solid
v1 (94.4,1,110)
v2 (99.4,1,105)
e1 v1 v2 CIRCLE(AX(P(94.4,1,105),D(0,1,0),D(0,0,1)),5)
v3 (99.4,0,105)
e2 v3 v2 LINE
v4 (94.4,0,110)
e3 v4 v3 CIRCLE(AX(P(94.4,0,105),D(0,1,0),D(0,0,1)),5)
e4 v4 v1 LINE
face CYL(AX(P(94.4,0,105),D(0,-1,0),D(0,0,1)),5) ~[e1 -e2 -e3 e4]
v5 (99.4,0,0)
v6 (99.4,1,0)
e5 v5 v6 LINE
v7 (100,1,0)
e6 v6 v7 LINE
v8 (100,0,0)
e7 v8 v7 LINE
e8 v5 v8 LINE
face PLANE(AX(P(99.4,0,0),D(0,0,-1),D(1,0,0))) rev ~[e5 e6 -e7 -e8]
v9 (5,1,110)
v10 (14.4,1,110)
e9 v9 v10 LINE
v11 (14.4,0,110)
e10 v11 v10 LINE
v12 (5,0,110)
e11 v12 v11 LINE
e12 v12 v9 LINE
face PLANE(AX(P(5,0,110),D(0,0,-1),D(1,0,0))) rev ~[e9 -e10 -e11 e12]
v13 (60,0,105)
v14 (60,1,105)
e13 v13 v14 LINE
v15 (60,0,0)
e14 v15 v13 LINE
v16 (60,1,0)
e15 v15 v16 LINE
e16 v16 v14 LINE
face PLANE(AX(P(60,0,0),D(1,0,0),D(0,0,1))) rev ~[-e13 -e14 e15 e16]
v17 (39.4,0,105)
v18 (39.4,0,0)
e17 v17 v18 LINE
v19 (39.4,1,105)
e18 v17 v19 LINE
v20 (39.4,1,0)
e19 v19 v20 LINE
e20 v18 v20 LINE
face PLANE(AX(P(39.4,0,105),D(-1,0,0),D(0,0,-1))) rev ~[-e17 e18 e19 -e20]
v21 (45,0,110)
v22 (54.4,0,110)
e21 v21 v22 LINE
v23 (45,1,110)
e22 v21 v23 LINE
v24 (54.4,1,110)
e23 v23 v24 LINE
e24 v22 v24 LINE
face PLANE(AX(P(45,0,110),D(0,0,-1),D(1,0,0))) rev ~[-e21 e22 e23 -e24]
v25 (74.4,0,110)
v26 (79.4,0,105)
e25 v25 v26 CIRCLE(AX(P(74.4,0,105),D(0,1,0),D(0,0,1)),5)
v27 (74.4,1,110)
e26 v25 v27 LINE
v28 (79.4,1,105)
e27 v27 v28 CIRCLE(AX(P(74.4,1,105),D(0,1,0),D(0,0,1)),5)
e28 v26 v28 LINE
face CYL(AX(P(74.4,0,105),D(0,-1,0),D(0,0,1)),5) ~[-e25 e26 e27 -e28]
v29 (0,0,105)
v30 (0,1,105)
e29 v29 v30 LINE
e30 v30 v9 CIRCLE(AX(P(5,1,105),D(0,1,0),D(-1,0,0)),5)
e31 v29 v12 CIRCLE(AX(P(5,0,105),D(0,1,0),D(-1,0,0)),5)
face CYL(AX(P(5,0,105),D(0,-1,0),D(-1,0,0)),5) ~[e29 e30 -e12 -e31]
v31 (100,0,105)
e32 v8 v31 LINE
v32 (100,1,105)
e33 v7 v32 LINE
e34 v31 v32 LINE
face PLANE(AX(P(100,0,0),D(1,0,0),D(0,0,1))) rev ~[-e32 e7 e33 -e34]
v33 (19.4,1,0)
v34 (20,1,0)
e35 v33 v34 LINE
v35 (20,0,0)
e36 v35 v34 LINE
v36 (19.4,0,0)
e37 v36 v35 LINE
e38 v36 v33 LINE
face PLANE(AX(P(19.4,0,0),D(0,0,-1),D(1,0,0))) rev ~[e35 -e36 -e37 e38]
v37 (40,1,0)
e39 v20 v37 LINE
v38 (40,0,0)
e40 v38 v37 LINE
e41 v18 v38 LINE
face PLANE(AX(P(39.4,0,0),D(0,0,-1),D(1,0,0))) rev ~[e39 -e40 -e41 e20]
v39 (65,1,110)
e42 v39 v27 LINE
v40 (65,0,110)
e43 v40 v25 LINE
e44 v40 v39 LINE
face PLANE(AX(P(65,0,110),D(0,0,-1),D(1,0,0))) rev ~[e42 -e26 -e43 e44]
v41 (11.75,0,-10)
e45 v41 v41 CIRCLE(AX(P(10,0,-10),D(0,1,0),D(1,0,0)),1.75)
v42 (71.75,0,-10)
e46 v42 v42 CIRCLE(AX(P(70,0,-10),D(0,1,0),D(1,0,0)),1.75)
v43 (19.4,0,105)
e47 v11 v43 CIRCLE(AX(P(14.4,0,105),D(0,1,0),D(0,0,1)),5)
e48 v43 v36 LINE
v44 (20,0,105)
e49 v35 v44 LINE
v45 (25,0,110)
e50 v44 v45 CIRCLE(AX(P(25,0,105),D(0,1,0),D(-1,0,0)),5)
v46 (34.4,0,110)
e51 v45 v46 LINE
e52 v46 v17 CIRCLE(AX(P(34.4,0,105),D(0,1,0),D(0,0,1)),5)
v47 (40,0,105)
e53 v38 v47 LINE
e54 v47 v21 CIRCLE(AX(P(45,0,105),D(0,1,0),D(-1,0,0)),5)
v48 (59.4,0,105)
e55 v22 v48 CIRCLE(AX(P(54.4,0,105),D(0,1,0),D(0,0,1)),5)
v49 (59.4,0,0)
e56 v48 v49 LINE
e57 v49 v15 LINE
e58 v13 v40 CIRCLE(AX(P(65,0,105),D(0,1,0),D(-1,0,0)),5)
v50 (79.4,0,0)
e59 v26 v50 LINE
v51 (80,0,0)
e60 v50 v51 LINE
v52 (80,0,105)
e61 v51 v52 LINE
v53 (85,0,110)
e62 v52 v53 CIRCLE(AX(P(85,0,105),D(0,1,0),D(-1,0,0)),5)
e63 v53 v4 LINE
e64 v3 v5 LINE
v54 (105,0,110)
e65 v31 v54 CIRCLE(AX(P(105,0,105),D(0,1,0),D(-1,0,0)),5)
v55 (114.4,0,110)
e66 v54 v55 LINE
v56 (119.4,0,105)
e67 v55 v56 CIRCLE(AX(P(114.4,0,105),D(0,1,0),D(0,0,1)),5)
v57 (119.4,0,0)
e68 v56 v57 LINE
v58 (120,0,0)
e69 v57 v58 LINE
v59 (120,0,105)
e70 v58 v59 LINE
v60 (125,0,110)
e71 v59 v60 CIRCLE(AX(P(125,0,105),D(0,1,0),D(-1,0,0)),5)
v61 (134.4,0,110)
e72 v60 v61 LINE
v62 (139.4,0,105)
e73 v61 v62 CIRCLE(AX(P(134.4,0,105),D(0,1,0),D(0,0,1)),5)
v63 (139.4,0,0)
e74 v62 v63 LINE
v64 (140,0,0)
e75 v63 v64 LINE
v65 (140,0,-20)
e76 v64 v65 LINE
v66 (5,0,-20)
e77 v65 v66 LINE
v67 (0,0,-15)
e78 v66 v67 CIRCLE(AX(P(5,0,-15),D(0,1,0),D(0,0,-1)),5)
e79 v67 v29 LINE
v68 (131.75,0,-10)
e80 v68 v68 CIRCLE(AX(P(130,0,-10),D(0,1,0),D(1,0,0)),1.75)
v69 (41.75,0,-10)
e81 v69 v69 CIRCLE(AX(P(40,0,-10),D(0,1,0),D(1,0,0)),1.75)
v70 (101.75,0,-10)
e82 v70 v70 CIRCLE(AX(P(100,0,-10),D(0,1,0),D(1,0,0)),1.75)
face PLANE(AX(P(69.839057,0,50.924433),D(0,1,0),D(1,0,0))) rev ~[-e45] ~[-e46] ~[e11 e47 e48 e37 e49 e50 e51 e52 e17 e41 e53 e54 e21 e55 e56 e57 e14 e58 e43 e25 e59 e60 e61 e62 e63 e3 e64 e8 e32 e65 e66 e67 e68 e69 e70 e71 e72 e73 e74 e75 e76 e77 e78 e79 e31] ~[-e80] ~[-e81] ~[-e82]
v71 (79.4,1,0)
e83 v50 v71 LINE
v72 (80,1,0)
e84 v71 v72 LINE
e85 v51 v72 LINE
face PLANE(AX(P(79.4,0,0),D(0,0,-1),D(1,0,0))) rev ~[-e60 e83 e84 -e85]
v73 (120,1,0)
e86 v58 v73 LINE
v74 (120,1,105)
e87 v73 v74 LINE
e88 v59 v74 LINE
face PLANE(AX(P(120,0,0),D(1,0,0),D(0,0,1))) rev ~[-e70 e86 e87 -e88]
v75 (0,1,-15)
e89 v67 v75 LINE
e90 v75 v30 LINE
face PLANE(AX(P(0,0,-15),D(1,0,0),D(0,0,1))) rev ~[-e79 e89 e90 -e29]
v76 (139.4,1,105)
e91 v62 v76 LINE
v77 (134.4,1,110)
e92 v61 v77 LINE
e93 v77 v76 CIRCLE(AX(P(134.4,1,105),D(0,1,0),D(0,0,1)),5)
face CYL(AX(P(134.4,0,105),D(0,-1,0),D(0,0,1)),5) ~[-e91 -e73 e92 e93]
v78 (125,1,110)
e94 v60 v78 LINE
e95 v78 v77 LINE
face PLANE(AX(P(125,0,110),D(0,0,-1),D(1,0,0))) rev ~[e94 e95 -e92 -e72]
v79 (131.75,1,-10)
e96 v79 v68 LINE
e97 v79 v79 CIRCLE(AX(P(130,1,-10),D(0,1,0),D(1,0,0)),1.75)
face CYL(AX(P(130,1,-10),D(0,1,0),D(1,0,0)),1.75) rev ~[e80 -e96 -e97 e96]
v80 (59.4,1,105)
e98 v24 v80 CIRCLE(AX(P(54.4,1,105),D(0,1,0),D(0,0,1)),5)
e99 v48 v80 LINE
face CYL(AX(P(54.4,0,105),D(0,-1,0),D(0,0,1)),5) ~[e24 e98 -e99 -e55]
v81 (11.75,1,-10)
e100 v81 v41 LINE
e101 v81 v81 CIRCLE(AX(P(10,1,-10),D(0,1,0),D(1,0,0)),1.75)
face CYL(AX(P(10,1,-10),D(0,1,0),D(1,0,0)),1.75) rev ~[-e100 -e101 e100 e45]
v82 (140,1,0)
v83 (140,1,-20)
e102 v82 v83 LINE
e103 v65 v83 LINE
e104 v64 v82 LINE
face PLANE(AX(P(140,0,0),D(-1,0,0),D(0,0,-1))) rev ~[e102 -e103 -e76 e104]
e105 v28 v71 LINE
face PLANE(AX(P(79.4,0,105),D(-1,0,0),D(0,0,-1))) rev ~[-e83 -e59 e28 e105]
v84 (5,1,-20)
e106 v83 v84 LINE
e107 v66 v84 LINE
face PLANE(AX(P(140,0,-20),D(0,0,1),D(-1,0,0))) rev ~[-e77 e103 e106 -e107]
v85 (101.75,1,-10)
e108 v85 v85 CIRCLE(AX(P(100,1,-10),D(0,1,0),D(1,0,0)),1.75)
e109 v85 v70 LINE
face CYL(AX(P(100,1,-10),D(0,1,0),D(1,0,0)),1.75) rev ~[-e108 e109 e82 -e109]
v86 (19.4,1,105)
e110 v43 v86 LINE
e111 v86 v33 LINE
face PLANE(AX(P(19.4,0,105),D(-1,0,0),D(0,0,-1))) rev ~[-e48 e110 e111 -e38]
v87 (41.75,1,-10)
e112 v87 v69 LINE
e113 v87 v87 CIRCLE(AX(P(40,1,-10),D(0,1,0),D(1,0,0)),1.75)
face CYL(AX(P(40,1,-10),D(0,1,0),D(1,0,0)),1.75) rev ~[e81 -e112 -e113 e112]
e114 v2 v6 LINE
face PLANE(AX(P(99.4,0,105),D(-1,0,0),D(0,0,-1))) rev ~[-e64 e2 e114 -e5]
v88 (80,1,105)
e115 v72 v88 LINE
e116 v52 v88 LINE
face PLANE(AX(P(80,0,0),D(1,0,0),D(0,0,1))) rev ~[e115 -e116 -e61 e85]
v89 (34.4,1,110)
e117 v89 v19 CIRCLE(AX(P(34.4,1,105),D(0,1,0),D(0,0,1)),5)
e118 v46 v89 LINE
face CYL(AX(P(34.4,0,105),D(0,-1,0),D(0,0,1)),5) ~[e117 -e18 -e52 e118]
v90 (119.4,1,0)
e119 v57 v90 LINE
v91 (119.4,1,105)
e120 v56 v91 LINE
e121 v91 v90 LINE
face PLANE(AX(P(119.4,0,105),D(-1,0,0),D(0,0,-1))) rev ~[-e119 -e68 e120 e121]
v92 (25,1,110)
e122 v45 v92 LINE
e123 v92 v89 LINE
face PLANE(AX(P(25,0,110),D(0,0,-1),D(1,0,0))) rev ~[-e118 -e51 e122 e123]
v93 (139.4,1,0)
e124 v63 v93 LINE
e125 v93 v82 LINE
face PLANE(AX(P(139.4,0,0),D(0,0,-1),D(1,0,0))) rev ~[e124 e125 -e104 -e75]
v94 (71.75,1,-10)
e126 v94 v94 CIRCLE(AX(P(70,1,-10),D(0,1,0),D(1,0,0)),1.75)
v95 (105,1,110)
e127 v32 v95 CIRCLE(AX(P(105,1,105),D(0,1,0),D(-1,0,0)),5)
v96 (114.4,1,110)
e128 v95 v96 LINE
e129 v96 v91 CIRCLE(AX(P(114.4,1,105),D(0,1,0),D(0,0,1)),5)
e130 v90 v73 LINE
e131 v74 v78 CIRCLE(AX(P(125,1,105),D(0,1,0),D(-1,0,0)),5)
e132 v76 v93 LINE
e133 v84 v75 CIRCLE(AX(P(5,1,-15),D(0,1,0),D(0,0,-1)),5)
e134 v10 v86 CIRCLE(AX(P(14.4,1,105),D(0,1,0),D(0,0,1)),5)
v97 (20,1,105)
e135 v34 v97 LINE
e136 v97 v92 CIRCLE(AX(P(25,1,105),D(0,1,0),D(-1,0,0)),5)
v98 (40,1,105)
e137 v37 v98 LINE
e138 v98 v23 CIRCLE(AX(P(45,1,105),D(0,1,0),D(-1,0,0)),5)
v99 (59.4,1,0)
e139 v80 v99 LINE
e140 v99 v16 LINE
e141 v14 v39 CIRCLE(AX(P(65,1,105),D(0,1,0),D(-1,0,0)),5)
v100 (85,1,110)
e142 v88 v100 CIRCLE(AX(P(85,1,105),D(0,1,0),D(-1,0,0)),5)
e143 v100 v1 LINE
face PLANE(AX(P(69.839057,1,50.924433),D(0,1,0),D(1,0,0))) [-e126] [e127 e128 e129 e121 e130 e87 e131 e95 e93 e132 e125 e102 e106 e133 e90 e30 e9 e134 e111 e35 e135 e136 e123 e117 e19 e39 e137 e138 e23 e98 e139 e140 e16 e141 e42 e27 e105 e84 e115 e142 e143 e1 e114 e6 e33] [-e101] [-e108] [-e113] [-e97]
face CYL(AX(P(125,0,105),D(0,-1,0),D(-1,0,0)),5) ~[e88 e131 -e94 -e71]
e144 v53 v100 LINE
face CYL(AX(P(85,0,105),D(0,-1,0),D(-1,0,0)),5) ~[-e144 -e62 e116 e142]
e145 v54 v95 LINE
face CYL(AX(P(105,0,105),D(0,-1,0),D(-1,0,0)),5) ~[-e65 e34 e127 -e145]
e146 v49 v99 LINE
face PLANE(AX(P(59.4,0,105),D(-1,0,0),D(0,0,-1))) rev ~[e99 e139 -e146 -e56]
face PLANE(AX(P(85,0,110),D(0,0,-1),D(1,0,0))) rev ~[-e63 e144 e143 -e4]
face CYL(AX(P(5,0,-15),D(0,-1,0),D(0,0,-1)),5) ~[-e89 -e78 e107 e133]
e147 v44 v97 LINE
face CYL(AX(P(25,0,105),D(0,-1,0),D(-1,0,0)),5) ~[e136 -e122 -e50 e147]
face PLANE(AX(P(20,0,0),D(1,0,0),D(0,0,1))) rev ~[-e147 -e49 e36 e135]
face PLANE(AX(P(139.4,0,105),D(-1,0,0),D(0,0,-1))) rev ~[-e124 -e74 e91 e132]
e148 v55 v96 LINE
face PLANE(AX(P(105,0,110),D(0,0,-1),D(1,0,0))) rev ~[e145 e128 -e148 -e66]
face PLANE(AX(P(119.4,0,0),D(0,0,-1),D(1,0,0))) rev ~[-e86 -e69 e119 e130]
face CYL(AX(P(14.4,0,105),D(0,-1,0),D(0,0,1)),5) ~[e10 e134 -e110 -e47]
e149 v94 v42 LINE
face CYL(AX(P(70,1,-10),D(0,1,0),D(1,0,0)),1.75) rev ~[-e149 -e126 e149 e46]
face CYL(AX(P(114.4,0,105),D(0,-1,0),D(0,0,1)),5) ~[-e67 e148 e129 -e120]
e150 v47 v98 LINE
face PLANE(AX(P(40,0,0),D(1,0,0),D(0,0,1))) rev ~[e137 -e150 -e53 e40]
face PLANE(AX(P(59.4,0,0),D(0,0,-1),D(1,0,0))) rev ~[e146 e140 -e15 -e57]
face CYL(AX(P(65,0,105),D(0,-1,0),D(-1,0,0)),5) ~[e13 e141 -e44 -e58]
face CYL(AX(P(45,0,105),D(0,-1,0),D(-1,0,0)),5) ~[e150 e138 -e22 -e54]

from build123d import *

# Parameters (mm, degrees)
BOSS_EXTRUDE1_DEPTH = 1
CUT_EXTRUDE1_REACH  = 3
SKETCH2_R           = 1.75


with BuildPart() as part:
    # Sketch1 → Boss-Extrude1 (new body)
    with BuildSketch(Plane(origin=(0, 0, 0), x_dir=(1, 0, 0), z_dir=(0, 1, 0))):
        with BuildLine():
            Line((39.4, -105), (39.4, 0))
            Line((39.4, 0), (40, 0))
            Line((40, 0), (40, -105))
            ThreePointArc((40, -105), (41.464466094, -108.535533906), (45, -110))
            Line((45, -110), (54.4, -110))
            ThreePointArc((54.4, -110), (57.935533906, -108.535533906), (59.4, -105))
            Line((59.4, -105), (59.4, 0))
            Line((59.4, 0), (60, 0))
            Line((60, 0), (60, -105))
            ThreePointArc((60, -105), (61.464466094, -108.535533906), (65, -110))
            Line((65, -110), (74.4, -110))
            ThreePointArc((74.4, -110), (77.935533906, -108.535533906), (79.4, -105))
            Line((79.4, -105), (79.4, 0))
            Line((79.4, 0), (80, 0))
            Line((80, 0), (80, -105))
            ThreePointArc((80, -105), (81.464466094, -108.535533906), (85, -110))
            Line((85, -110), (94.4, -110))
            ThreePointArc((94.4, -110), (97.935533906, -108.535533906), (99.4, -105))
            Line((99.4, -105), (99.4, 0))
            Line((99.4, 0), (100, 0))
            Line((100, 0), (100, -105))
            ThreePointArc((100, -105), (101.464466094, -108.535533906), (105, -110))
            Line((105, -110), (114.4, -110))
            ThreePointArc((114.4, -110), (117.935533906, -108.535533906), (119.4, -105))
            Line((119.4, -105), (119.4, 0))
            Line((119.4, 0), (120, 0))
            Line((120, 0), (120, -105))
            ThreePointArc((120, -105), (121.464466094, -108.535533906), (125, -110))
            Line((125, -110), (134.4, -110))
            ThreePointArc((134.4, -110), (137.935533906, -108.535533906), (139.4, -105))
            Line((139.4, -105), (139.4, 0))
            Line((139.4, 0), (140, 0))
            Line((140, 0), (140, 20))
            Line((140, 20), (5, 20))
            ThreePointArc((5, 20), (1.464466094, 18.535533906), (0, 15))
            Line((0, 15), (0, -105))
            ThreePointArc((0, -105), (1.464466094, -108.535533906), (5, -110))
            Line((5, -110), (14.4, -110))
            ThreePointArc((14.4, -110), (17.935533906, -108.535533906), (19.4, -105))
            Line((19.4, -105), (19.4, 0))
            Line((19.4, 0), (20, 0))
            Line((20, 0), (20, -105))
            ThreePointArc((20, -105), (21.464466094, -108.535533906), (25, -110))
            Line((25, -110), (34.4, -110))
            ThreePointArc((34.4, -110), (37.935533906, -108.535533906), (39.4, -105))
        make_face()
    extrude(amount=BOSS_EXTRUDE1_DEPTH)

    # Sketch2 → Cut-Extrude1 (cut, up to next)
    with BuildSketch(Plane(origin=(0, 1, 0), x_dir=(1, 0, 0), z_dir=(0, 1, 0)), mode=Mode.PRIVATE) as cut_extrude1_sk1:
        with Locations((10, 10)):
            Circle(SKETCH2_R)
    cut_extrude1_tool1 = extrude(cut_extrude1_sk1.sketch, amount=-CUT_EXTRUDE1_REACH, mode=Mode.PRIVATE) & part.part
    add(cut_extrude1_tool1.solids().sort_by_distance((10, 1, -10))[0], mode=Mode.SUBTRACT)
    # Sketch2 → Cut-Extrude1 (cut, up to next)
    with BuildSketch(Plane(origin=(0, 1, 0), x_dir=(1, 0, 0), z_dir=(0, 1, 0)), mode=Mode.PRIVATE) as cut_extrude1_sk2:
        with Locations((40, 10)):
            Circle(SKETCH2_R)
    cut_extrude1_tool2 = extrude(cut_extrude1_sk2.sketch, amount=-CUT_EXTRUDE1_REACH, mode=Mode.PRIVATE) & part.part
    add(cut_extrude1_tool2.solids().sort_by_distance((40, 1, -10))[0], mode=Mode.SUBTRACT)
    # Sketch2 → Cut-Extrude1 (cut, up to next)
    with BuildSketch(Plane(origin=(0, 1, 0), x_dir=(1, 0, 0), z_dir=(0, 1, 0)), mode=Mode.PRIVATE) as cut_extrude1_sk3:
        with Locations((70, 10)):
            Circle(SKETCH2_R)
    cut_extrude1_tool3 = extrude(cut_extrude1_sk3.sketch, amount=-CUT_EXTRUDE1_REACH, mode=Mode.PRIVATE) & part.part
    add(cut_extrude1_tool3.solids().sort_by_distance((70, 1, -10))[0], mode=Mode.SUBTRACT)
    # Sketch2 → Cut-Extrude1 (cut, up to next)
    with BuildSketch(Plane(origin=(0, 1, 0), x_dir=(1, 0, 0), z_dir=(0, 1, 0)), mode=Mode.PRIVATE) as cut_extrude1_sk4:
        with Locations((100, 10)):
            Circle(SKETCH2_R)
    cut_extrude1_tool4 = extrude(cut_extrude1_sk4.sketch, amount=-CUT_EXTRUDE1_REACH, mode=Mode.PRIVATE) & part.part
    add(cut_extrude1_tool4.solids().sort_by_distance((100, 1, -10))[0], mode=Mode.SUBTRACT)
    # Sketch2 → Cut-Extrude1 (cut, up to next)
    with BuildSketch(Plane(origin=(0, 1, 0), x_dir=(1, 0, 0), z_dir=(0, 1, 0)), mode=Mode.PRIVATE) as cut_extrude1_sk5:
        with Locations((130, 10)):
            Circle(SKETCH2_R)
    cut_extrude1_tool5 = extrude(cut_extrude1_sk5.sketch, amount=-CUT_EXTRUDE1_REACH, mode=Mode.PRIVATE) & part.part
    add(cut_extrude1_tool5.solids().sort_by_distance((130, 1, -10))[0], mode=Mode.SUBTRACT)


solid = part.part
